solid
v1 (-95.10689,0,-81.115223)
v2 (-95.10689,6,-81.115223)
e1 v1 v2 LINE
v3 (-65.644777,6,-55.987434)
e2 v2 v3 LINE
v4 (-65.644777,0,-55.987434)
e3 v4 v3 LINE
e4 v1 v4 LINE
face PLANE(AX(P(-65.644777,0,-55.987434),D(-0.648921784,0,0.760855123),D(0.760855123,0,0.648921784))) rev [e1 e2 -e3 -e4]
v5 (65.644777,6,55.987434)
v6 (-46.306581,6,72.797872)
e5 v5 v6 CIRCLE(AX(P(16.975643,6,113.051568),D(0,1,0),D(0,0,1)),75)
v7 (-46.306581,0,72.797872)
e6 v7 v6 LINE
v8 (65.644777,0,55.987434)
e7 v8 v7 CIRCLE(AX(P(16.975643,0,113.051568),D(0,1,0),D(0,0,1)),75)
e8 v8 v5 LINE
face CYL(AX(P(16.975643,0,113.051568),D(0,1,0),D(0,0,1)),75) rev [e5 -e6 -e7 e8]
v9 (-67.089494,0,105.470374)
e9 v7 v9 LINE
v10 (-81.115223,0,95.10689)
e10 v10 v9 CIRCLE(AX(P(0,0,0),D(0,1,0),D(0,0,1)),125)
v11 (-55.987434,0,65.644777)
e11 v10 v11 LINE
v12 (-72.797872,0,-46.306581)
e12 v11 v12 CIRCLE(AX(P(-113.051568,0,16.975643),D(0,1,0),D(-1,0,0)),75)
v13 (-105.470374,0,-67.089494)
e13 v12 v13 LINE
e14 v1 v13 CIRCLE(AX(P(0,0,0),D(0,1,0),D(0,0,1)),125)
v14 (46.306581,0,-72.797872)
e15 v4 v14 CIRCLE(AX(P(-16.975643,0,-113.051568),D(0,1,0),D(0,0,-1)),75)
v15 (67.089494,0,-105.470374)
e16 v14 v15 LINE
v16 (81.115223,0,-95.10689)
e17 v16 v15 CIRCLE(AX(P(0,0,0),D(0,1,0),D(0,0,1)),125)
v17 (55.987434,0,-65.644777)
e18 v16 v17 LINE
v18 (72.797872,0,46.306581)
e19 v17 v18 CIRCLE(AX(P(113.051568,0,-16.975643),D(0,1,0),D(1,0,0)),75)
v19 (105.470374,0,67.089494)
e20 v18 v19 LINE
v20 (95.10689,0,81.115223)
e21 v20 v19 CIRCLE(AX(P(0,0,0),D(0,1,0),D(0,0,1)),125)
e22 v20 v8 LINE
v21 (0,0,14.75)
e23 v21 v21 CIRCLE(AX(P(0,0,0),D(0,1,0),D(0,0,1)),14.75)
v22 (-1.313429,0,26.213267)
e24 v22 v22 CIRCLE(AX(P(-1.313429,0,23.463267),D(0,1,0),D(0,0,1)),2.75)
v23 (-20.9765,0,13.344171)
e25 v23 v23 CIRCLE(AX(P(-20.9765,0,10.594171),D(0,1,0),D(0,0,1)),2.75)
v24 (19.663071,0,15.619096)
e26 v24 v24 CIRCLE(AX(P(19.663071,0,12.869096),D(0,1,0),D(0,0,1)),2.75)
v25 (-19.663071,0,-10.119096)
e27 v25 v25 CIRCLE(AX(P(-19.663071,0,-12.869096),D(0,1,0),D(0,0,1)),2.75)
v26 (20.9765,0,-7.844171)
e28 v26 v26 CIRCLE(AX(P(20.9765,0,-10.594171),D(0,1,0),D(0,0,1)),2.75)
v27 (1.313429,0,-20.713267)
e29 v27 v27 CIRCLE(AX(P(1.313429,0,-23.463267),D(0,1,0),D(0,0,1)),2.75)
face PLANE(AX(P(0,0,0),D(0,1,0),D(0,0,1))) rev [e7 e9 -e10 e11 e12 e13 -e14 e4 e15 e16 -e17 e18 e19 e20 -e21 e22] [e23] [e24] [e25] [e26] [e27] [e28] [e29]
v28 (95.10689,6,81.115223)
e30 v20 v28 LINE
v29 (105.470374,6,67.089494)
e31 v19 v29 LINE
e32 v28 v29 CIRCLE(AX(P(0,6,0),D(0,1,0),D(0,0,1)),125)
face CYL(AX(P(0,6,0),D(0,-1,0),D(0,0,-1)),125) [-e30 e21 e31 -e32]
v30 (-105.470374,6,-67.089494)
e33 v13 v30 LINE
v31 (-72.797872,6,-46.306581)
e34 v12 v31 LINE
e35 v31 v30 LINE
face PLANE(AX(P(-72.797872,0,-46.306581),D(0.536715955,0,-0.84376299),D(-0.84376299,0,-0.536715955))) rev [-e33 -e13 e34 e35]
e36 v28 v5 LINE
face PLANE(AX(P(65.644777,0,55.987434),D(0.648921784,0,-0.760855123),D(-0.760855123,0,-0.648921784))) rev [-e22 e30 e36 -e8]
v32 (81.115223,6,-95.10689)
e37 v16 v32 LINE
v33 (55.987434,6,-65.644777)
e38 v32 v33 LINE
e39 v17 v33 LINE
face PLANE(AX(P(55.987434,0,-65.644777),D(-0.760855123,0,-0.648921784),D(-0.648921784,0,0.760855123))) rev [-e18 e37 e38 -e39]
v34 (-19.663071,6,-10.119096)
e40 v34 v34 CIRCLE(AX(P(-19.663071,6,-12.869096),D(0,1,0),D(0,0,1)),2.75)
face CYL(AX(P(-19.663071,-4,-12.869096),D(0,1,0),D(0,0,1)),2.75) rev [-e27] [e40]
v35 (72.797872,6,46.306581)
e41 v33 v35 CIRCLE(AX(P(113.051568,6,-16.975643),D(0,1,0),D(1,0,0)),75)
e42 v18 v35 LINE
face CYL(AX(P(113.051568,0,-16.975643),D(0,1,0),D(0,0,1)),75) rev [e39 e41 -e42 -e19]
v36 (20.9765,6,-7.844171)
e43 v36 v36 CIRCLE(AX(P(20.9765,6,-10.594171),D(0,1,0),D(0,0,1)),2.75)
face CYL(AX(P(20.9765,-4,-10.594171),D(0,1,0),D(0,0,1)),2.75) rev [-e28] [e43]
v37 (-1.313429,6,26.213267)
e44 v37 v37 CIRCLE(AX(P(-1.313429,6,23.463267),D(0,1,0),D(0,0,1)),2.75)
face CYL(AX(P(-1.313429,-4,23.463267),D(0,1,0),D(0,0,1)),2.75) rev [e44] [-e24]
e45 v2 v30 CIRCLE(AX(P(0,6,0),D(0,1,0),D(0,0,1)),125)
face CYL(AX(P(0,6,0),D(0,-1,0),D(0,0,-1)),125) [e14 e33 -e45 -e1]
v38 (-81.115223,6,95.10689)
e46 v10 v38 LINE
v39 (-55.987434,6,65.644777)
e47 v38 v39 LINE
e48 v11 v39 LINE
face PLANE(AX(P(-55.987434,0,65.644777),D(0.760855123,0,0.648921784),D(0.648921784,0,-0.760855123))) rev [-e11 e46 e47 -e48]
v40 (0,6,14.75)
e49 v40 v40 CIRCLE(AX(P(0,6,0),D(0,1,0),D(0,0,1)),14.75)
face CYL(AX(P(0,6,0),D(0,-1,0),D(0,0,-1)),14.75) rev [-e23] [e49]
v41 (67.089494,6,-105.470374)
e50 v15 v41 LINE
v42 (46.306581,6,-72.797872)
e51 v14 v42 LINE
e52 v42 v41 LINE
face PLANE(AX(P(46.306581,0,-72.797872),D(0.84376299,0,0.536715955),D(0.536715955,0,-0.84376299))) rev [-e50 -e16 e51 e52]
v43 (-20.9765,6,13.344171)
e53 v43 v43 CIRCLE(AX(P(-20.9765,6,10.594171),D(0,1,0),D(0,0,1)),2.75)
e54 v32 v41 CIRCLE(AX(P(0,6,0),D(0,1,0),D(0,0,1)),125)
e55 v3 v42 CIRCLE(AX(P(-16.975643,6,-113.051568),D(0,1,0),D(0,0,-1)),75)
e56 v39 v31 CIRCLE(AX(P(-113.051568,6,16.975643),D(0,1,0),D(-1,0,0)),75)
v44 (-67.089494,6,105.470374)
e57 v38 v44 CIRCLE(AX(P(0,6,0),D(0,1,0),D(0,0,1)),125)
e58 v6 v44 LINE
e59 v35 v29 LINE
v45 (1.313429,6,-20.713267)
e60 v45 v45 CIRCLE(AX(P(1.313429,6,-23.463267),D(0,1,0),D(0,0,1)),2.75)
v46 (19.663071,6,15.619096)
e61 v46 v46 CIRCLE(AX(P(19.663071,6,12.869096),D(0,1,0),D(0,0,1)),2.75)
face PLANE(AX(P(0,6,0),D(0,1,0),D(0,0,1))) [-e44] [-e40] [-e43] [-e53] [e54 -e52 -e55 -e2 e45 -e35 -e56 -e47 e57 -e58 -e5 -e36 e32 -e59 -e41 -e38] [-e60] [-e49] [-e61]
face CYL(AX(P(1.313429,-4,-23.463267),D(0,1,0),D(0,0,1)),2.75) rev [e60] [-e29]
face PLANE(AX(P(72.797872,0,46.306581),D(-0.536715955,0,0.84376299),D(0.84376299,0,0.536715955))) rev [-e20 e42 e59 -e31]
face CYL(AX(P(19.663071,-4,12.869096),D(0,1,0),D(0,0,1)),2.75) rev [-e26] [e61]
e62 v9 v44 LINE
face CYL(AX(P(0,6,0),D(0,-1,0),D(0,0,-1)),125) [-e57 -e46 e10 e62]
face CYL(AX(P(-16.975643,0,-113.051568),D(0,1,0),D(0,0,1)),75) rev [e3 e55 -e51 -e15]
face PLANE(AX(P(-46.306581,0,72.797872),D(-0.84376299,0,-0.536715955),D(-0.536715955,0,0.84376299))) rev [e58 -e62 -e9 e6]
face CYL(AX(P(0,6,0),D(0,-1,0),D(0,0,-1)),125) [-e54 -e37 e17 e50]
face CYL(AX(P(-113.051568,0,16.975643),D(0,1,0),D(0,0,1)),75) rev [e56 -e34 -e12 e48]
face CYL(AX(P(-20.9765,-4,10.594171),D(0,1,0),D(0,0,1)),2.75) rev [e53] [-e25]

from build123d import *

# Parameters (mm, degrees)
SKETCH1_R           = 125
SKETCH1_R_2         = 14.75
BOSS_EXTRUDE1_DEPTH = 6
CUT_EXTRUDE1_DEPTH  = 6
CIRPATTERN1_COUNT   = 4
SKETCH3_R           = 2.75
CUT_EXTRUDE2_DEPTH  = 10


with BuildPart() as part:
    # Sketch1 → Boss-Extrude1 (new body)
    with BuildSketch(Plane(origin=(0, 0, 0), x_dir=(1, 0, 0), z_dir=(0, 1, 0))):
        Circle(SKETCH1_R)
        Circle(SKETCH1_R_2, mode=Mode.SUBTRACT)
    extrude(amount=BOSS_EXTRUDE1_DEPTH)

    # Sketch2 → Cut-Extrude1 (cut)
    with BuildSketch(Plane(origin=(0, 6, 0), x_dir=(1, 0, 0), z_dir=(0, 1, 0))):
        with BuildLine():
            Line((-46.306580885, -72.797871526), (-67.089494394, -105.470373764))
            Line((-67.089494394, -105.470373764), (-67.089494394, -164.92916021))
            Line((-67.089494394, -164.92916021), (95.10689036, -142.696592277))
            Line((95.10689036, -142.696592277), (95.10689036, -81.115223023))
            Line((95.10689036, -81.115223023), (65.644777188, -55.987433946))
            ThreePointArc((65.644777188, -55.987433946), (5.838619266, -38.883066128), (-46.306580885, -72.797871526))
        make_face()
    cut_extrude1 = extrude(amount=-CUT_EXTRUDE1_DEPTH, mode=Mode.SUBTRACT)

    # CirPattern1: Cut-Extrude1 ×4 about axis
    cirpattern1_axis = Axis((0, 0, 0), (0, 1, 0))
    for i in range(1, CIRPATTERN1_COUNT):
        add(cut_extrude1.rotate(cirpattern1_axis, i * 360 / CIRPATTERN1_COUNT), mode=Mode.SUBTRACT)

    # Sketch3 → Cut-Extrude2 (cut)
    with BuildSketch(Plane(origin=(0, 6, 0), x_dir=(1, 0, 0), z_dir=(0, 1, 0))):
        with Locations((-1.313428811, -23.463267137)):
            Circle(SKETCH3_R)
        with Locations((19.663070991, -12.869096285)):
            Circle(SKETCH3_R)
        with Locations((20.976499803, 10.594170852)):
            Circle(SKETCH3_R)
        with Locations((1.313428812, 23.463267137)):
            Circle(SKETCH3_R)
        with Locations((-19.663070991, 12.869096286)):
            Circle(SKETCH3_R)
        with Locations((-20.976499802, -10.594170852)):
            Circle(SKETCH3_R)
    extrude(amount=-CUT_EXTRUDE2_DEPTH, mode=Mode.SUBTRACT)


solid = part.part
